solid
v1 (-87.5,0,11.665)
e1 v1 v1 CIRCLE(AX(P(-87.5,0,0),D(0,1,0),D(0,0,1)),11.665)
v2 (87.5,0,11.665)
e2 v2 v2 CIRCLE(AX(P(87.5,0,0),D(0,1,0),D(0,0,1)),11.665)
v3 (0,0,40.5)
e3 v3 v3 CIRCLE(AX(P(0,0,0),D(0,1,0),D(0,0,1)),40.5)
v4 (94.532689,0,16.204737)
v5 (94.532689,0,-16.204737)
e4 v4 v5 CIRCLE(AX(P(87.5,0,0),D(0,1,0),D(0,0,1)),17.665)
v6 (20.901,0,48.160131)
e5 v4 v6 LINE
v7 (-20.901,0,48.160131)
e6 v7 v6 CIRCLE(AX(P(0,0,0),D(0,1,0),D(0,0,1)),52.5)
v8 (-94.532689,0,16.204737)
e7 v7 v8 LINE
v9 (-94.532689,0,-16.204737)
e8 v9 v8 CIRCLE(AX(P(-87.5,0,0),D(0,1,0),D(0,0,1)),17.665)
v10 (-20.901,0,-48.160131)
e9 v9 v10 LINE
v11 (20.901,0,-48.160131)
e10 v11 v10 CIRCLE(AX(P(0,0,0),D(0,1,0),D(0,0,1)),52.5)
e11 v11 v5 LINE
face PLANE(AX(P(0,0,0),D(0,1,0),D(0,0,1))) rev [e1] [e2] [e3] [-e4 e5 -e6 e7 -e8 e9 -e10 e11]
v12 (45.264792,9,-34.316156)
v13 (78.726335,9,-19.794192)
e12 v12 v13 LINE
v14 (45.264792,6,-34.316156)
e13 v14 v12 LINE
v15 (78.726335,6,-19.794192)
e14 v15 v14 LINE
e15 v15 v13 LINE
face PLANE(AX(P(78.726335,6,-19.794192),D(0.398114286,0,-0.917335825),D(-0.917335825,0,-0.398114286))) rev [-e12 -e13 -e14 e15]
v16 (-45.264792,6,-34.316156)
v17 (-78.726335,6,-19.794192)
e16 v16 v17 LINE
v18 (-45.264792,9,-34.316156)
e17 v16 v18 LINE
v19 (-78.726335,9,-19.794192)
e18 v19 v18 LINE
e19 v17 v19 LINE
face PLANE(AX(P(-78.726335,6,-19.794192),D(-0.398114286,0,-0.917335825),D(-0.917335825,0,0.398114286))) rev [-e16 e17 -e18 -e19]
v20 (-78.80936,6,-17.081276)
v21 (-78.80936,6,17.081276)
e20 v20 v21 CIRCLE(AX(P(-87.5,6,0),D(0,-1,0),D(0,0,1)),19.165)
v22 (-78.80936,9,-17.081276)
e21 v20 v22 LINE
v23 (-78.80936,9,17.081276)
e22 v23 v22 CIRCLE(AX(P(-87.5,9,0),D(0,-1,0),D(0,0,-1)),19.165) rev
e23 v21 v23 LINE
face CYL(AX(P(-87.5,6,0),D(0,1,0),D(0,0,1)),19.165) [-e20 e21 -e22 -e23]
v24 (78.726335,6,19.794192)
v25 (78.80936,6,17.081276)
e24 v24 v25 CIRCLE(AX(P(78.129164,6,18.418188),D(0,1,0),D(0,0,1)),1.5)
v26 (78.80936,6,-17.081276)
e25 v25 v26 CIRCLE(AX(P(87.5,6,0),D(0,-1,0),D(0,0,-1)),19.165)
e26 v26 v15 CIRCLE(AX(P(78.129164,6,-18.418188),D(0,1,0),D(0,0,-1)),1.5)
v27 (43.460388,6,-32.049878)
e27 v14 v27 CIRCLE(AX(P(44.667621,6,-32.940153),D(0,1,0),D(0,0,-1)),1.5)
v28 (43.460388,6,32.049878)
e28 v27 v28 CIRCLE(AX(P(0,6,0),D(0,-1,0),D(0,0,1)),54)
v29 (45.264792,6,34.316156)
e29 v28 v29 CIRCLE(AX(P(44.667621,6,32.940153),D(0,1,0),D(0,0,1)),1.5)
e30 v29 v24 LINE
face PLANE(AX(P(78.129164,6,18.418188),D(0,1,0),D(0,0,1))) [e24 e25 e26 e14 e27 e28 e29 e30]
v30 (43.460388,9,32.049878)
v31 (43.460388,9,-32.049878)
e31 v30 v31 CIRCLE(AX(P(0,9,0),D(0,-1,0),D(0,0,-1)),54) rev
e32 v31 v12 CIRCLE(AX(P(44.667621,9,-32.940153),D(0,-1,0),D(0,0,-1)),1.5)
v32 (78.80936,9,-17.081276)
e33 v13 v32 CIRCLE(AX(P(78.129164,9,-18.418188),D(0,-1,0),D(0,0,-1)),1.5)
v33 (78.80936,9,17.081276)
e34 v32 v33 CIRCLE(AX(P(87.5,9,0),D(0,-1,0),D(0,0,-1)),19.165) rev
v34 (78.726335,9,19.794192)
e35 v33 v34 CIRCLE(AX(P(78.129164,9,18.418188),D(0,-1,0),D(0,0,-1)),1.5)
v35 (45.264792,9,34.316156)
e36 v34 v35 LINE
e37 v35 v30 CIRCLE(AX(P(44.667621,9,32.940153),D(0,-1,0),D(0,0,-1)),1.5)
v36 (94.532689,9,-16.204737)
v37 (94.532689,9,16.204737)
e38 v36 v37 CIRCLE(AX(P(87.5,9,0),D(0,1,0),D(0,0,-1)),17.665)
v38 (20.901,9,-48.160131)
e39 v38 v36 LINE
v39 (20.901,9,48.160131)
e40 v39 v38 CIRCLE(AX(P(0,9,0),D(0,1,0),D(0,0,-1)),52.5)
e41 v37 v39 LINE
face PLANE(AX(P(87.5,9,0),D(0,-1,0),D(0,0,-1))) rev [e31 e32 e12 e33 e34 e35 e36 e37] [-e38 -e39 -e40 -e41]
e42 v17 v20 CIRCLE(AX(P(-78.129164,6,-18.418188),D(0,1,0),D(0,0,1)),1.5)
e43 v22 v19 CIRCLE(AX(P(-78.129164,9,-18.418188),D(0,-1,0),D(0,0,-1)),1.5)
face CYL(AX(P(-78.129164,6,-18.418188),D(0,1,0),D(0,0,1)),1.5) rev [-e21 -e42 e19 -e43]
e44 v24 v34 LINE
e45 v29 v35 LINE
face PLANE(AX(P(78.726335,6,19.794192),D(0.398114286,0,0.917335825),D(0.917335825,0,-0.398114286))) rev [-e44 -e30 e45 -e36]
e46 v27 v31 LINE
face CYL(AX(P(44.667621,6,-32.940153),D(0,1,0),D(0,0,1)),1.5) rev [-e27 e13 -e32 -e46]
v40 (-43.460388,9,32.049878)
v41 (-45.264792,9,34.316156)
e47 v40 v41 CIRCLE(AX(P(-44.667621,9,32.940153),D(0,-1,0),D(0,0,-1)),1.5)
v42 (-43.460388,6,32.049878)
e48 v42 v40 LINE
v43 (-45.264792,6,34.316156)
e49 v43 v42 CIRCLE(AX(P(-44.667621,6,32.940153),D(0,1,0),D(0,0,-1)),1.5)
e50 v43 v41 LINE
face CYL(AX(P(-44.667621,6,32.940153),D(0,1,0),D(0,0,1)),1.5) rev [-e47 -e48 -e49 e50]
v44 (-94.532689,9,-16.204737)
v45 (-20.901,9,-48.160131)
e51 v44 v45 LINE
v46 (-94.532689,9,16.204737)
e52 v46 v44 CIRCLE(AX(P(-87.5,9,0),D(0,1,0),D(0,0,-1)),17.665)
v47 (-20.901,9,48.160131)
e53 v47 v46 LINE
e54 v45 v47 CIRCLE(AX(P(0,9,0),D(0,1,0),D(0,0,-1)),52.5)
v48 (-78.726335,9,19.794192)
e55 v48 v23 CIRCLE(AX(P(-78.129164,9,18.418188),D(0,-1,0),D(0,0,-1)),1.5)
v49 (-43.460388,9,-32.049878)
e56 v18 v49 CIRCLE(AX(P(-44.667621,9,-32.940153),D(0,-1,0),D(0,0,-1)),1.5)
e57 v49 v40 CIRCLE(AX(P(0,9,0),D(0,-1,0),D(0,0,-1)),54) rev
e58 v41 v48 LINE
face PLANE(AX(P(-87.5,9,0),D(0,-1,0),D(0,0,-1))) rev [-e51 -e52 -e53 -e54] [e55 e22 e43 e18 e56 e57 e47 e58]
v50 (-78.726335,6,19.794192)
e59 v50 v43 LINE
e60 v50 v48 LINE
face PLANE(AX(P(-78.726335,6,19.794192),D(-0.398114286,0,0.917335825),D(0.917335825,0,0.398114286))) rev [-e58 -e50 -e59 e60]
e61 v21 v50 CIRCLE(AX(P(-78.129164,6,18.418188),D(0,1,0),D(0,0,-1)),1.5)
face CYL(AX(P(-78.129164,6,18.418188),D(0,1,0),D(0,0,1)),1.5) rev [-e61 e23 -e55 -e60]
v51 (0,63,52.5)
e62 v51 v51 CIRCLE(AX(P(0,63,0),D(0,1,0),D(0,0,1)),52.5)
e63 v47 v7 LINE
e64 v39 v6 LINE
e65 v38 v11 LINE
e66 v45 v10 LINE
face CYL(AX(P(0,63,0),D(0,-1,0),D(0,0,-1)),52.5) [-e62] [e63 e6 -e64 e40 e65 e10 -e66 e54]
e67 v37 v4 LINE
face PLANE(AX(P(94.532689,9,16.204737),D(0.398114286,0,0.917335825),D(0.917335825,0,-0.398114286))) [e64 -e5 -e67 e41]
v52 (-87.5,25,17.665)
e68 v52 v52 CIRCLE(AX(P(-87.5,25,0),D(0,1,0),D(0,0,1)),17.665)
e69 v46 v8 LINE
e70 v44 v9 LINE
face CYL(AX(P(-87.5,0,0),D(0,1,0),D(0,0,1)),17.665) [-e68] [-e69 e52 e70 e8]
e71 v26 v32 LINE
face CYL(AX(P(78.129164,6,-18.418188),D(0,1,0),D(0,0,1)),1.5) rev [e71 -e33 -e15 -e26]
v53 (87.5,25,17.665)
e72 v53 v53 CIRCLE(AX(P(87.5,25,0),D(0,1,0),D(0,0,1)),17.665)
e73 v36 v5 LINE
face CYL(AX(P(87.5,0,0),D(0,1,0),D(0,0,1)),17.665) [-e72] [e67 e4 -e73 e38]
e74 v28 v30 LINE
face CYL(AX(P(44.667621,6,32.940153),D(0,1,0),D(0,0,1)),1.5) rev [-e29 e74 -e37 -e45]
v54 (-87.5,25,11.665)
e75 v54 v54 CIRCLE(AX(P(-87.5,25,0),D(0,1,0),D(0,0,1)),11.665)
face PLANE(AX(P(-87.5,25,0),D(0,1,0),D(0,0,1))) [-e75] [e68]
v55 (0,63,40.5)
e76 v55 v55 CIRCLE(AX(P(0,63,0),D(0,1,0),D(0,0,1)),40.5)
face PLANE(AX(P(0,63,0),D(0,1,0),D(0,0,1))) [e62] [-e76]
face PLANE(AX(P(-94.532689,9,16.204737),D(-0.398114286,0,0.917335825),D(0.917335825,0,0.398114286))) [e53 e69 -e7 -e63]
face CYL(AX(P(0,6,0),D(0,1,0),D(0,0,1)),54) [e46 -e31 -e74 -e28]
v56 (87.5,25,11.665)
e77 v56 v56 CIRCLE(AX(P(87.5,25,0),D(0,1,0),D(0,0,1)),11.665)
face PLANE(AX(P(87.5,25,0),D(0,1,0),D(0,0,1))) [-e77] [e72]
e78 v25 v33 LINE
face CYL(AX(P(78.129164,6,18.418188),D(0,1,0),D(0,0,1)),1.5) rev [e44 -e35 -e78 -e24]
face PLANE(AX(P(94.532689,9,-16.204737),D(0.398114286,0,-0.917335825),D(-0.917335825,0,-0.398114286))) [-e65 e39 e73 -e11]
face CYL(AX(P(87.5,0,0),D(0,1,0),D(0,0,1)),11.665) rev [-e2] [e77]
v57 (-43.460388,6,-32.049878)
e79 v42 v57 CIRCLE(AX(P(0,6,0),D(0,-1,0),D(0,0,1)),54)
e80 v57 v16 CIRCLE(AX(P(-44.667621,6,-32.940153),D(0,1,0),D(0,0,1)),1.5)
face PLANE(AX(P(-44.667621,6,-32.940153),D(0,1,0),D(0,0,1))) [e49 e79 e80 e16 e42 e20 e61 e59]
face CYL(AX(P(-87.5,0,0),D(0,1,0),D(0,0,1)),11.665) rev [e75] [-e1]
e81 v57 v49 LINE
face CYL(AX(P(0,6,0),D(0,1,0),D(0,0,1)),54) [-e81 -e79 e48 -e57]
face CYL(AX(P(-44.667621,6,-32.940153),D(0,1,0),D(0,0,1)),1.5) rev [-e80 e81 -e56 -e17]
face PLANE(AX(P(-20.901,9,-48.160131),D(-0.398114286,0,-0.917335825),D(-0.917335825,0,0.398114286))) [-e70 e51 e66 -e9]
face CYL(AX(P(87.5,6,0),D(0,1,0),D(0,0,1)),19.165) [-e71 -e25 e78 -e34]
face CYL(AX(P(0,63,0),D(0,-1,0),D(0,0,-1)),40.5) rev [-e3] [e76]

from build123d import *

# Parameters (mm, degrees)
SKETCH1_R             = 52.5
SKETCH1_R_2           = 40.5
BOSS_EXTRUDE1_DEPTH   = 63
SKETCH2_R             = 17.665
SKETCH2_R_2           = 11.665
BOSS_EXTRUDE2_DEPTH   = 25
BOSS_EXTRUDE2_2_DEPTH = 25
BOSS_EXTRUDE3_DEPTH   = 9
CUT_EXTRUDE1_DEPTH    = 57


with BuildPart() as part:
    # Sketch1 → Boss-Extrude1 (new body)
    with BuildSketch(Plane(origin=(0, 0, 0), x_dir=(1, 0, 0), z_dir=(0, 1, 0))):
        with Locations(Location((0, 0, 0), (0, 0, 270))):
            Circle(SKETCH1_R)
        with Locations(Location((0, 0, 0), (0, 0, 270))):
            Circle(SKETCH1_R_2, mode=Mode.SUBTRACT)
    extrude(amount=BOSS_EXTRUDE1_DEPTH)



with BuildPart() as body_2:
    # Sketch2 → Boss-Extrude2 (new body)
    with BuildSketch(Plane(origin=(0, 25, 0), x_dir=(1, 0, 0), z_dir=(0, 1, 0))):
        with Locations(Location((87.5, 0, 0), (0, 0, 270))):
            Circle(SKETCH2_R)
        with Locations(Location((87.5, 0, 0), (0, 0, 270))):
            Circle(SKETCH2_R_2, mode=Mode.SUBTRACT)
    extrude(amount=-BOSS_EXTRUDE2_DEPTH)


with BuildPart() as body_3:
    # Sketch2 → Boss-Extrude2 2 (new body)
    with BuildSketch(Plane(origin=(0, 25, 0), x_dir=(1, 0, 0), z_dir=(0, 1, 0))):
        with Locations(Location((-87.5, 0, 0), (0, 0, 270))):
            Circle(SKETCH2_R)
        with Locations(Location((-87.5, 0, 0), (0, 0, 270))):
            Circle(SKETCH2_R_2, mode=Mode.SUBTRACT)
    extrude(amount=-BOSS_EXTRUDE2_2_DEPTH)


with BuildPart() as part_1:
    add(part.part)

    add(body_2.part)  # Boss-Extrude3 merges body 2

    add(body_3.part)  # Boss-Extrude3 merges body 3
    # Sketch3 → Boss-Extrude3 (add)
    with BuildSketch(Plane(origin=(0, 0, 0), x_dir=(-1, 0, 0), z_dir=(0, -1, 0))):
        with BuildLine():
            Line((-94.532688857, 16.204737346), (-20.901, 48.160130803))
            ThreePointArc((-20.901, 48.160130803), (-52.5, 0), (-20.901, -48.160130803))
            Line((-20.901, -48.160130803), (-94.532688857, -16.204737346))
            ThreePointArc((-94.532688857, -16.204737346), (-69.835, 0), (-94.532688857, 16.204737346))
        make_face()
        with BuildLine():
            Line((20.901, 48.160130803), (94.532688857, 16.204737346))
            ThreePointArc((94.532688857, 16.204737346), (69.835, 0), (94.532688857, -16.204737346))
            Line((94.532688857, -16.204737346), (20.901, -48.160130803))
            ThreePointArc((20.901, -48.160130803), (52.5, 0), (20.901, 48.160130803))
        make_face()
    extrude(amount=-BOSS_EXTRUDE3_DEPTH)

    # Sketch4 → Cut-Extrude1 (cut)
    with BuildSketch(Plane(origin=(0, 63, 0), x_dir=(1, 0, 0), z_dir=(0, 1, 0))):
        with BuildLine():
            Line((-78.726335185, 19.794191843), (-45.264792214, 34.316156339))
            ThreePointArc((-45.264792214, 34.316156339), (-43.494143933, 33.874471647), (-43.460387791, 32.049878207))
            ThreePointArc((-43.460387791, 32.049878207), (-54, 0), (-43.460387791, -32.049878207))
            ThreePointArc((-43.460387791, -32.049878207), (-43.494143933, -33.874471647), (-45.264792214, -34.316156339))
            Line((-45.264792214, -34.316156339), (-78.726335185, -19.794191843))
            ThreePointArc((-78.726335185, -19.794191843), (-79.628461818, -18.464071905), (-78.809359951, -17.081276315))
            ThreePointArc((-78.809359951, -17.081276315), (-68.335, 0), (-78.809359951, 17.081276315))
            ThreePointArc((-78.809359951, 17.081276315), (-79.628461818, 18.464071905), (-78.726335185, 19.794191843))
        make_face()
        with BuildLine():
            Line((78.726335185, -19.794191843), (45.264792214, -34.316156339))
            ThreePointArc((45.264792214, -34.316156339), (43.494143933, -33.874471647), (43.460387791, -32.049878207))
            ThreePointArc((43.460387791, -32.049878207), (54, 0), (43.460387791, 32.049878207))
            ThreePointArc((43.460387791, 32.049878207), (43.494143933, 33.874471647), (45.264792214, 34.316156339))
            Line((45.264792214, 34.316156339), (78.726335185, 19.794191843))
            ThreePointArc((78.726335185, 19.794191843), (79.628461818, 18.464071905), (78.809359951, 17.081276315))
            ThreePointArc((78.809359951, 17.081276315), (68.335, 0), (78.809359951, -17.081276315))
            ThreePointArc((78.809359951, -17.081276315), (79.628461818, -18.464071905), (78.726335185, -19.794191843))
        make_face()
    extrude(amount=-CUT_EXTRUDE1_DEPTH, mode=Mode.SUBTRACT)


solid = part_1.part
